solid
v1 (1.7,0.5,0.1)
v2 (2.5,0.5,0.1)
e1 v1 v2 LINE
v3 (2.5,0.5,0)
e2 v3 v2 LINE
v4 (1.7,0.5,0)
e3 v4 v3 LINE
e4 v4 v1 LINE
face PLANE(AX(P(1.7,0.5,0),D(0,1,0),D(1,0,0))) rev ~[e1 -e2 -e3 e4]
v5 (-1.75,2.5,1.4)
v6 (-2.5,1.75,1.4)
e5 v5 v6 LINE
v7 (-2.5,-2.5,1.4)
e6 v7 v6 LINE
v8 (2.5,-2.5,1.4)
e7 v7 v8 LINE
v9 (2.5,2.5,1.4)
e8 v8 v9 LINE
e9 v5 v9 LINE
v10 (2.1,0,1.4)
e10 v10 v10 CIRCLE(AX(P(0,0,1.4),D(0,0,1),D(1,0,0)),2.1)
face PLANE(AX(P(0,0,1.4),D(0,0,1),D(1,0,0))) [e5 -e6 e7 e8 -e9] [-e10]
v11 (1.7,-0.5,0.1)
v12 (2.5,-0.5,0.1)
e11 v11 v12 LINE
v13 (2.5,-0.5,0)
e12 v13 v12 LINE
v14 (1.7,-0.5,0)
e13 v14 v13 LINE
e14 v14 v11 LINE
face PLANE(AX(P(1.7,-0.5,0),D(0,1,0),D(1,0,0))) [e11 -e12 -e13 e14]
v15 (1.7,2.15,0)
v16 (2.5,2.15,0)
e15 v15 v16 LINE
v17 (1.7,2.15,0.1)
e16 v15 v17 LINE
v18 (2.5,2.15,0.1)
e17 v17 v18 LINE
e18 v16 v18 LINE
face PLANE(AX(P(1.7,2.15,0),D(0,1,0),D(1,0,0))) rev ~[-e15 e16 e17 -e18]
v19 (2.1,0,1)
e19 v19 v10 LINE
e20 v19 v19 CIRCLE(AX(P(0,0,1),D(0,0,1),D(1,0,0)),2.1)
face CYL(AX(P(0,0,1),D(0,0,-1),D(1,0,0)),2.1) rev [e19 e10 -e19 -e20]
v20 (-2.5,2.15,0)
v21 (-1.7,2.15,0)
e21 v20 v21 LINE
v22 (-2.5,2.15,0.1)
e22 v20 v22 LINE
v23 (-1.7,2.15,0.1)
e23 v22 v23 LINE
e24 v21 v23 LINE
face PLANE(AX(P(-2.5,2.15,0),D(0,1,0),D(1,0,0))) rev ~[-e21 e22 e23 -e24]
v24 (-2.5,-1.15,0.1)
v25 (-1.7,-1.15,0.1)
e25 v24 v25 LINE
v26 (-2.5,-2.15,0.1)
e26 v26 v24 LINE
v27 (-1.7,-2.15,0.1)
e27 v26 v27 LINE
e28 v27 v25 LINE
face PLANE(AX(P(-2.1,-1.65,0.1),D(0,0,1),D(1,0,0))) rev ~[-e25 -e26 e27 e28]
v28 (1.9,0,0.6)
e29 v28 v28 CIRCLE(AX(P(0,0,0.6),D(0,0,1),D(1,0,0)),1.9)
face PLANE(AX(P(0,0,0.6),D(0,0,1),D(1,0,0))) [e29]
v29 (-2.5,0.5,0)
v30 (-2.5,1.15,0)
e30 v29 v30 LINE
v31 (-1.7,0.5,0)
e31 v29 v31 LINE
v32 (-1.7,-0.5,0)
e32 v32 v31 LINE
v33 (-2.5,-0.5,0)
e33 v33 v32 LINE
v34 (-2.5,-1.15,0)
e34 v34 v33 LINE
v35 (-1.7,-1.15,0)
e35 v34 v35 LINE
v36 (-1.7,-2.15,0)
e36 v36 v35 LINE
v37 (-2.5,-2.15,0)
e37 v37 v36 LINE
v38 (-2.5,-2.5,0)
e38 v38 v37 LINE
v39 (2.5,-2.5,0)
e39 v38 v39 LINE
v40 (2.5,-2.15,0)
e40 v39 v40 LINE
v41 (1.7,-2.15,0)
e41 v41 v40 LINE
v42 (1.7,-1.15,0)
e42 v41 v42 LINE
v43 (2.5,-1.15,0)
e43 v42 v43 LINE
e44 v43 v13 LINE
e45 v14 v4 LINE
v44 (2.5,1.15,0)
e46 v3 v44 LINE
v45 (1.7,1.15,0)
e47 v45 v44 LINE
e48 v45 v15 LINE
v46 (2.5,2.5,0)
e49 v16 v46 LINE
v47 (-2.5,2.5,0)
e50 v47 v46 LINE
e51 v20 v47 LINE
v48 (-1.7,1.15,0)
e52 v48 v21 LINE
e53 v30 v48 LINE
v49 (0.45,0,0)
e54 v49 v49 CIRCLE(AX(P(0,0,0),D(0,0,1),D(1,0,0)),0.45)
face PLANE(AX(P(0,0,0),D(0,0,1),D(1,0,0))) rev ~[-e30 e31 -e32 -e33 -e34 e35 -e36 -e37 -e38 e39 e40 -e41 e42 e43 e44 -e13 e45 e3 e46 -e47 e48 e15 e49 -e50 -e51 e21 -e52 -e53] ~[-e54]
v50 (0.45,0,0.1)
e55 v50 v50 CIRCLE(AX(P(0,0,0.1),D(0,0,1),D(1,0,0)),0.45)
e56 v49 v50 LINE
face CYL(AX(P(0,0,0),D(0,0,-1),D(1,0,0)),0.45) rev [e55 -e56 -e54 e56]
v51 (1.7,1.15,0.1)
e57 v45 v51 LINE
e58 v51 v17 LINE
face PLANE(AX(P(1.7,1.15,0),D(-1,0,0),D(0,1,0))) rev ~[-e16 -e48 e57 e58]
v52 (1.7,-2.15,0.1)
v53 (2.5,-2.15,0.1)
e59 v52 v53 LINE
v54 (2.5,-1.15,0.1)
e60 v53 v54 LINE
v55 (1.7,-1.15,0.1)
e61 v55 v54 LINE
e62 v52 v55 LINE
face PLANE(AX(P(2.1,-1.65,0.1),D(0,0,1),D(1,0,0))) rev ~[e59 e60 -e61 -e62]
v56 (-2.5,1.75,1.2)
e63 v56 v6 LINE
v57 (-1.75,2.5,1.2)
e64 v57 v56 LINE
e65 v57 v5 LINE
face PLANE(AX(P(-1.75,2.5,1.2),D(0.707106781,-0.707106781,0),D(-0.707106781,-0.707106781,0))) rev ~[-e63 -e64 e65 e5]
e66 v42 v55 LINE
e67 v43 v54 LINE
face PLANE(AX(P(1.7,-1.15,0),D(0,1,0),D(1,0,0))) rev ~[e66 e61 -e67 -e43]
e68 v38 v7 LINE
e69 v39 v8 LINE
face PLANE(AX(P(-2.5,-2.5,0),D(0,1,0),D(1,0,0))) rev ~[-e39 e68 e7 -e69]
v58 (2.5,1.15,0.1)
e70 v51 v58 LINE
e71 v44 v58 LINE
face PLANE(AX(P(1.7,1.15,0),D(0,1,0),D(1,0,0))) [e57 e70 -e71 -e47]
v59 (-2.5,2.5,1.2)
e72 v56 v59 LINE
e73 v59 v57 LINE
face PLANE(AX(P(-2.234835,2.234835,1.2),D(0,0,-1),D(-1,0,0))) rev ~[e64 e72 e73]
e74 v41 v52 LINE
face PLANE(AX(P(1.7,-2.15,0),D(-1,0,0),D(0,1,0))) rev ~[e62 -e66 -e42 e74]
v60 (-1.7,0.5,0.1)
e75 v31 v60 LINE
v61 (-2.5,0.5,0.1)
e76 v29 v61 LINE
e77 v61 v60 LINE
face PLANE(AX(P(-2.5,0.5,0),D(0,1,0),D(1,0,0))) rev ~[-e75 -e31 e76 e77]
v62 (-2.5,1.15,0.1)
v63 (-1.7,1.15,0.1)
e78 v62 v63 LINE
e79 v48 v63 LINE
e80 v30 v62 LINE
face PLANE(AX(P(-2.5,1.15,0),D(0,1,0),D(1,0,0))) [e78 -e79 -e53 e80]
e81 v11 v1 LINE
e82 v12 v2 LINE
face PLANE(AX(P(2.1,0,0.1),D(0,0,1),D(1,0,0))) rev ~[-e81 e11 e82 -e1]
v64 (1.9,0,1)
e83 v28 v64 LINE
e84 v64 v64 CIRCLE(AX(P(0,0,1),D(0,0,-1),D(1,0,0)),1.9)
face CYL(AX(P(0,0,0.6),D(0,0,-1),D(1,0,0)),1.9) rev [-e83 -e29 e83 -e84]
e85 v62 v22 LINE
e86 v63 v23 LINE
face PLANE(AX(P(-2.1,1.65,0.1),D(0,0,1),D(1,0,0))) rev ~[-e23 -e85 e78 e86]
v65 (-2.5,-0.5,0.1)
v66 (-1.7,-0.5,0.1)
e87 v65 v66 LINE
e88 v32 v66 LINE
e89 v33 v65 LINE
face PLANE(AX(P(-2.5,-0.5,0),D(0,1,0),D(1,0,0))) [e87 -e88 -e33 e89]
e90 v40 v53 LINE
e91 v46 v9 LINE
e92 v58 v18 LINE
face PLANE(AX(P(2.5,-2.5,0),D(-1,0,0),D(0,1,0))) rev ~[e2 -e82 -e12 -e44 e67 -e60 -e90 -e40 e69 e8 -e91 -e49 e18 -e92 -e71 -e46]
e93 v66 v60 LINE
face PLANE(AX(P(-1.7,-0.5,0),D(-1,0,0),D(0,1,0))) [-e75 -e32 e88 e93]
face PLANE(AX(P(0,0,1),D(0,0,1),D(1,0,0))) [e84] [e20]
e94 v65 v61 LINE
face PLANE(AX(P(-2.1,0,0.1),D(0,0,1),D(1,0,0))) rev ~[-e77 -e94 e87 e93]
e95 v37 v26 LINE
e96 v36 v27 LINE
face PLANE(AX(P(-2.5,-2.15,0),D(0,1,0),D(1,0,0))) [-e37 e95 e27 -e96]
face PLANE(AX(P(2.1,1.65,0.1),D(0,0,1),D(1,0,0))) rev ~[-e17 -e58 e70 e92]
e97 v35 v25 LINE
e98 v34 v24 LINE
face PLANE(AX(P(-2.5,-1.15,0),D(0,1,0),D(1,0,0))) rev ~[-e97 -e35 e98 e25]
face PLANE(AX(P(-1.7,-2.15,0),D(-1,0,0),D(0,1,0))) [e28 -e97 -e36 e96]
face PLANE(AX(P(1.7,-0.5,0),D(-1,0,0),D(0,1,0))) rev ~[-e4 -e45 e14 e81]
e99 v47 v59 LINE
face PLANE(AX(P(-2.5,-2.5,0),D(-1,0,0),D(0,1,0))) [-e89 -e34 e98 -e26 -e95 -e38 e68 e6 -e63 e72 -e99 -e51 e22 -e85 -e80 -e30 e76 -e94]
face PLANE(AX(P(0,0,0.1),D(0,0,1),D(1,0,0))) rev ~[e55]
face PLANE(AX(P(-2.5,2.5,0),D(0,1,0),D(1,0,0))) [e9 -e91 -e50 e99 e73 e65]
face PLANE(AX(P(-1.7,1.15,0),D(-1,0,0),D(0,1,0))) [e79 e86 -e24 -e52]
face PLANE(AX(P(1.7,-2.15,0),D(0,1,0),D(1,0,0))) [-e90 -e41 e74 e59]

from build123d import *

# Parameters (mm, degrees)
SKETCH003_R       = 0.45
SKETCH003_W       = 0.8
SKETCH003_H       = 1
EXTRUDE002_DEPTH  = 0.1
EXTRUDE001_DEPTH  = 0.2
CYLINDER001_R     = 1.9
CYLINDER001_DEPTH = 0.8
CYLINDER_R        = 2.1
CYLINDER_DEPTH    = 0.4
SKETCH001_W       = 5
SKETCH001_H       = 5
EXTRUDE_DEPTH     = 1.4


with BuildPart() as bottomcutouts:
    # Sketch003 → Extrude002 (new body)
    with BuildSketch(Plane.XY):
        Circle(SKETCH003_R)
        with Locations((2.1, 0)):
            Rectangle(SKETCH003_W, SKETCH003_H)
        with Locations((2.1, 1.65)):
            Rectangle(SKETCH003_W, SKETCH003_H)
        with Locations((2.1, -1.65)):
            Rectangle(SKETCH003_W, SKETCH003_H)
        with Locations((-2.1, 0)):
            Rectangle(SKETCH003_W, SKETCH003_H)
        with Locations((-2.1, 1.65)):
            Rectangle(SKETCH003_W, SKETCH003_H)
        with Locations((-2.1, -1.65)):
            Rectangle(SKETCH003_W, SKETCH003_H)
    extrude(amount=EXTRUDE002_DEPTH)


with BuildPart() as trianglenotch:
    # Sketch002 → Extrude001 (new body)
    with BuildSketch(Plane.XY):
        Polygon((-2.5, 2.5), (-1.75, 2.5), (-2.5, 1.75), align=None)
    extrude(amount=EXTRUDE001_DEPTH)


with BuildPart() as trianglenotch_1:
    # Extrude001 placement: moved
    add(trianglenotch.part.moved(Location((0, 0, 1.2))))


with BuildPart() as peekhole:
    # Cylinder001 → Cylinder001 (new body)
    with BuildSketch(Plane.XY.offset(0.6)):
        Circle(CYLINDER001_R)
    extrude(amount=CYLINDER001_DEPTH)


with BuildPart() as lenshole:
    # Cylinder → Cylinder (new body)
    with BuildSketch(Plane.XY.offset(1)):
        Circle(CYLINDER_R)
    extrude(amount=CYLINDER_DEPTH)


with BuildPart() as plasticbody:
    # Sketch001 → Extrude (new body)
    with BuildSketch(Plane.XY):
        Rectangle(SKETCH001_W, SKETCH001_H)
    extrude(amount=EXTRUDE_DEPTH)

    # Cut: cut LensHole
    add(lenshole.part, mode=Mode.SUBTRACT)

    # Cut001: cut PeekHole
    add(peekhole.part, mode=Mode.SUBTRACT)

    # Cut002: cut TriangleNotch
    add(trianglenotch_1.part, mode=Mode.SUBTRACT)

    # Cut003: cut BottomCutouts
    add(bottomcutouts.part, mode=Mode.SUBTRACT)


solid = plasticbody.part
